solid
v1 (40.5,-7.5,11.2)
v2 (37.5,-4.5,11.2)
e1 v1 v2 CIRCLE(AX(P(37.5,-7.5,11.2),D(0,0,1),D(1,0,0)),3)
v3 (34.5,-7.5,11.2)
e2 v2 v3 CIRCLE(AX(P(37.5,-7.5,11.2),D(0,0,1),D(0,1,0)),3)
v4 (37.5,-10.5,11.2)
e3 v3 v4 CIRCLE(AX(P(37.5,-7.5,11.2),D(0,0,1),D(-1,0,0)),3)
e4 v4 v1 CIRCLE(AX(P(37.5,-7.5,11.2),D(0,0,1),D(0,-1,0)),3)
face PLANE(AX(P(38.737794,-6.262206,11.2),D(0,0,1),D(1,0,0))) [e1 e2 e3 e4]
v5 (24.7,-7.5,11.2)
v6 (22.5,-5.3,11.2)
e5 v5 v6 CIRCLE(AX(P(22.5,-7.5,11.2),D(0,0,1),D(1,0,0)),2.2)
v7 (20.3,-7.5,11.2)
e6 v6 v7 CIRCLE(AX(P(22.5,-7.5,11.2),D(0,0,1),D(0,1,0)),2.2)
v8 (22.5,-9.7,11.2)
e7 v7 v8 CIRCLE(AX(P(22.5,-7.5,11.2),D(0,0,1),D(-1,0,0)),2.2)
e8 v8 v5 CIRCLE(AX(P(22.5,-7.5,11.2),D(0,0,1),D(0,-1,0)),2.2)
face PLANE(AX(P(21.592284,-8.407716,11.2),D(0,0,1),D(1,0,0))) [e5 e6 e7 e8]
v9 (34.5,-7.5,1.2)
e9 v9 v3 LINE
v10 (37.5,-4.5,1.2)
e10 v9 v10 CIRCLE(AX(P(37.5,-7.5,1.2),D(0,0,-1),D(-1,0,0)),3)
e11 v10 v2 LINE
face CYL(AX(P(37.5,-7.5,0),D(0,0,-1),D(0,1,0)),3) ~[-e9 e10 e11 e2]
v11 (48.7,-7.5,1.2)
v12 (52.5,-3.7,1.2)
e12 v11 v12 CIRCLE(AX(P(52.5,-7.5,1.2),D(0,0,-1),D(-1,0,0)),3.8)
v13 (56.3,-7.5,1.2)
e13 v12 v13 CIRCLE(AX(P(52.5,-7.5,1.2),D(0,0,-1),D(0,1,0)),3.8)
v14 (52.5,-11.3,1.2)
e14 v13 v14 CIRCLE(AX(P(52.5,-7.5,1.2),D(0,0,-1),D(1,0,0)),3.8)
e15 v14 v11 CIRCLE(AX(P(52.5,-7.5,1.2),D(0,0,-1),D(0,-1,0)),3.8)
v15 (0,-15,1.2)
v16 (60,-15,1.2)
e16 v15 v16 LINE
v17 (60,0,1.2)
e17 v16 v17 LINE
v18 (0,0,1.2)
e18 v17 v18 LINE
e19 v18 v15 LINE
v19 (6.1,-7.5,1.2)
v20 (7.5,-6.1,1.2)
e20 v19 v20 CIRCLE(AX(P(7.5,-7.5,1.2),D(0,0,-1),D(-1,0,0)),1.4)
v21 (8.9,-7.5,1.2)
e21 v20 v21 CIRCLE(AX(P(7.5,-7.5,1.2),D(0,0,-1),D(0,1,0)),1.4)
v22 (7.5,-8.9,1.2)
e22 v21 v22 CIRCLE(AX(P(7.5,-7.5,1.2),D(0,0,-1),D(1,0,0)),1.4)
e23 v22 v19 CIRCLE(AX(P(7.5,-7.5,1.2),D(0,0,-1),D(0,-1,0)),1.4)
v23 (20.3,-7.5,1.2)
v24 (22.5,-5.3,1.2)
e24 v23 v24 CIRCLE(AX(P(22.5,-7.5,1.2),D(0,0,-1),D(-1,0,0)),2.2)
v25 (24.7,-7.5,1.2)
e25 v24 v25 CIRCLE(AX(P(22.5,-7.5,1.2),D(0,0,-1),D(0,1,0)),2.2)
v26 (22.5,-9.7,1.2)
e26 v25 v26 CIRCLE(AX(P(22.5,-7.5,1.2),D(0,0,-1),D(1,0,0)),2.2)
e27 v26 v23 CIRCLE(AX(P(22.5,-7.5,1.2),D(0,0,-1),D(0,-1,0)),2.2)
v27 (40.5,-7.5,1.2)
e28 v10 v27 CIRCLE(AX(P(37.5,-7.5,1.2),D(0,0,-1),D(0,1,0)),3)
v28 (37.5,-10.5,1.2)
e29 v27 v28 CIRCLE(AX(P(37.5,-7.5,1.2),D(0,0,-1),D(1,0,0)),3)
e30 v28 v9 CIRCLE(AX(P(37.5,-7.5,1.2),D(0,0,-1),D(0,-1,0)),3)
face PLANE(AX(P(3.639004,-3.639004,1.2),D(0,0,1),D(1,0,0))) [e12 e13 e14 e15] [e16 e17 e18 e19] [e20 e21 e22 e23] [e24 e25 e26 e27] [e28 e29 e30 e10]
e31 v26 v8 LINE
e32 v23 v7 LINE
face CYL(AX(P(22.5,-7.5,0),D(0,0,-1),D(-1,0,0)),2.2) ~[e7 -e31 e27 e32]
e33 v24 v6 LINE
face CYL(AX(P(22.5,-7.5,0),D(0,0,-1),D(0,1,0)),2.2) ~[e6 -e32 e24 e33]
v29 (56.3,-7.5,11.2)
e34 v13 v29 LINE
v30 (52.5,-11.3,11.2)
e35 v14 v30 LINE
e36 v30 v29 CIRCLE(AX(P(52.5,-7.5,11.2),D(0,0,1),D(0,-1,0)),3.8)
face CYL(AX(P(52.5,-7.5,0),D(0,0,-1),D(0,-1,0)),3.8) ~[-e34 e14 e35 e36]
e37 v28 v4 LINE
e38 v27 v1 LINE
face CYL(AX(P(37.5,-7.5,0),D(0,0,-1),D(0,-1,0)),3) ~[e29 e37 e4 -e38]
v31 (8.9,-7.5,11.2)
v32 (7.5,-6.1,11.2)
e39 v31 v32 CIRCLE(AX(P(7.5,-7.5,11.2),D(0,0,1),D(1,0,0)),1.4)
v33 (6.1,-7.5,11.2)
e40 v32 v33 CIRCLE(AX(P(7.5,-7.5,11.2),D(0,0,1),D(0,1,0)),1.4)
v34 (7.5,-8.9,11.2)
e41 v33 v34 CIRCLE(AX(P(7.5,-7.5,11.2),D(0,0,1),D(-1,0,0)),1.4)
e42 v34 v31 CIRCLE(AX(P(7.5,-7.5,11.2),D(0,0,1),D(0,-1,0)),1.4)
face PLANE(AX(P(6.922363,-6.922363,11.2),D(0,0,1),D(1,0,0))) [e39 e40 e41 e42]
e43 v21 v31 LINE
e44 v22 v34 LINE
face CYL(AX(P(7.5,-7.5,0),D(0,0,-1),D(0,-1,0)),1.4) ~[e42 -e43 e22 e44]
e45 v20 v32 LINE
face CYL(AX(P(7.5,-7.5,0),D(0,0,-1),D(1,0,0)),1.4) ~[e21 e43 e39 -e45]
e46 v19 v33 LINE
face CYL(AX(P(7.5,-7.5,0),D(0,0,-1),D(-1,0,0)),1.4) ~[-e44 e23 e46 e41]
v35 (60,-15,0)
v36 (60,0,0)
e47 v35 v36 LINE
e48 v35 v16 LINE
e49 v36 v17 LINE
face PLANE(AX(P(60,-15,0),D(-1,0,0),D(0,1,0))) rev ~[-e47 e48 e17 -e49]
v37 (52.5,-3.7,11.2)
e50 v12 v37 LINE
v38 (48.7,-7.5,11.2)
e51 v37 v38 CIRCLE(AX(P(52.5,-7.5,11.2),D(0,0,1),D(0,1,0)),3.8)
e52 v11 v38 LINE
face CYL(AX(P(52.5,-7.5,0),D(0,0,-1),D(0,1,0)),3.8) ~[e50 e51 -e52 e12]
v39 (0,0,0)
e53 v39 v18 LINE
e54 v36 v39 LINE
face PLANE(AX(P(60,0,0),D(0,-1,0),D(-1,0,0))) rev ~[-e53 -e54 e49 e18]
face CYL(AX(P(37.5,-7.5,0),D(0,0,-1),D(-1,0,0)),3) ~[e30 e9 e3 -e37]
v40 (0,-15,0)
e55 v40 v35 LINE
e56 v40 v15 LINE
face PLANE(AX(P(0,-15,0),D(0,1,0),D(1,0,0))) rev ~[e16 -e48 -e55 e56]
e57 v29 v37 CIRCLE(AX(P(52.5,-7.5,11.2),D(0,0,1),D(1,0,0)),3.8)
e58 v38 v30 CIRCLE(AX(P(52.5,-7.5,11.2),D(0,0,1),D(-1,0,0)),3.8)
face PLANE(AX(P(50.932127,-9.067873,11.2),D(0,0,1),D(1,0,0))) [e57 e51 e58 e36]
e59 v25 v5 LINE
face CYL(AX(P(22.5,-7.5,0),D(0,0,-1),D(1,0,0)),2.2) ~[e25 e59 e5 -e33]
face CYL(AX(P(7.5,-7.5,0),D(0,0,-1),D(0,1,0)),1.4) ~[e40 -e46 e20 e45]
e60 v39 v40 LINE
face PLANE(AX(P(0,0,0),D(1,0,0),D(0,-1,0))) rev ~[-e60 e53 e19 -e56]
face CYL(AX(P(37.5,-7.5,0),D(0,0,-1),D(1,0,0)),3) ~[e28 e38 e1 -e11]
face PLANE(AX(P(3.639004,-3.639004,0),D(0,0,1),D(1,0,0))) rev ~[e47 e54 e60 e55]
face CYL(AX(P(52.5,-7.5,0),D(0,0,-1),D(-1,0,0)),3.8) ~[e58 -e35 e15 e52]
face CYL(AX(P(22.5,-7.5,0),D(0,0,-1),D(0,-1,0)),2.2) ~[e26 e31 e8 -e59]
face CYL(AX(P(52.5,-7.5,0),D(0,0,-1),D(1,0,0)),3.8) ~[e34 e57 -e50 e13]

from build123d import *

# Parameters (mm, degrees)
F1_DEPTH = 1.2
F2_DEPTH = 11.2


with BuildPart() as f1:
    # F0 (on Top) → F1 (new body)
    with BuildSketch(Plane.XY):
        with BuildLine():
            Line((7.5, 0), (0, 0))
            Line((0, 0), (0, -7.5))
            Line((0, -7.5), (6.1, -7.5))
            ThreePointArc((6.1, -7.5), (6.5100505063, -6.5100505063), (7.5, -6.1))
            Line((7.5, -6.1), (7.5, 0))
        make_face()
        with BuildLine():
            Line((6.1, -7.5), (0, -7.5))
            Line((0, -7.5), (0, -15))
            Line((0, -15), (7.5, -15))
            Line((7.5, -15), (7.5, -8.9))
            ThreePointArc((7.5, -8.9), (6.5100505063, -8.4899494937), (6.1, -7.5))
        make_face()
        with BuildLine():
            Line((20.3, -7.5), (8.9, -7.5))
            ThreePointArc((8.9, -7.5), (8.4899494937, -8.4899494937), (7.5, -8.9))
            Line((7.5, -8.9), (7.5, -15))
            Line((7.5, -15), (22.5, -15))
            Line((22.5, -15), (22.5, -9.7))
            ThreePointArc((22.5, -9.7), (20.9443650814, -9.0556349186), (20.3, -7.5))
        make_face()
        with BuildLine():
            Line((22.5, 0), (7.5, 0))
            Line((7.5, 0), (7.5, -6.1))
            ThreePointArc((7.5, -6.1), (8.4899494937, -6.5100505063), (8.9, -7.5))
            Line((8.9, -7.5), (20.3, -7.5))
            ThreePointArc((20.3, -7.5), (20.9443650814, -5.9443650814), (22.5, -5.3))
            Line((22.5, -5.3), (22.5, 0))
        make_face()
        with BuildLine():
            Line((37.5, 0), (22.5, 0))
            Line((22.5, 0), (22.5, -5.3))
            ThreePointArc((22.5, -5.3), (24.0556349186, -5.9443650814), (24.7, -7.5))
            Line((24.7, -7.5), (34.5, -7.5))
            ThreePointArc((34.5, -7.5), (35.3786796564, -5.3786796564), (37.5, -4.5))
            Line((37.5, -4.5), (37.5, 0))
        make_face()
        with BuildLine():
            Line((34.5, -7.5), (24.7, -7.5))
            ThreePointArc((24.7, -7.5), (24.0556349186, -9.0556349186), (22.5, -9.7))
            Line((22.5, -9.7), (22.5, -15))
            Line((22.5, -15), (37.5, -15))
            Line((37.5, -15), (37.5, -10.5))
            ThreePointArc((37.5, -10.5), (35.3786796564, -9.6213203436), (34.5, -7.5))
        make_face()
        with BuildLine():
            Line((48.7, -7.5), (40.5, -7.5))
            ThreePointArc((40.5, -7.5), (39.6213203436, -9.6213203436), (37.5, -10.5))
            Line((37.5, -10.5), (37.5, -15))
            Line((37.5, -15), (52.5, -15))
            Line((52.5, -15), (52.5, -11.3))
            ThreePointArc((52.5, -11.3), (49.8129942315, -10.1870057685), (48.7, -7.5))
        make_face()
        with BuildLine():
            Line((52.5, 0), (37.5, 0))
            Line((37.5, 0), (37.5, -4.5))
            ThreePointArc((37.5, -4.5), (39.6213203436, -5.3786796564), (40.5, -7.5))
            Line((40.5, -7.5), (48.7, -7.5))
            ThreePointArc((48.7, -7.5), (49.8129942315, -4.8129942315), (52.5, -3.7))
            Line((52.5, -3.7), (52.5, 0))
        make_face()
        with BuildLine():
            Line((60, 0), (52.5, 0))
            Line((52.5, 0), (52.5, -3.7))
            ThreePointArc((52.5, -3.7), (55.1870057685, -4.8129942315), (56.3, -7.5))
            Line((56.3, -7.5), (60, -7.5))
            Line((60, -7.5), (60, 0))
        make_face()
        with BuildLine():
            Line((60, -15), (60, -7.5))
            Line((60, -7.5), (56.3, -7.5))
            ThreePointArc((56.3, -7.5), (55.1870057685, -10.1870057685), (52.5, -11.3))
            Line((52.5, -11.3), (52.5, -15))
            Line((52.5, -15), (60, -15))
        make_face()
    extrude(amount=F1_DEPTH)

    # F0 (on Top) → F2 (join)
    with BuildSketch(Plane.XY):
        with BuildLine():
            Line((7.5, -7.5), (7.5, -6.1))
            ThreePointArc((7.5, -6.1), (6.5100505063, -6.5100505063), (6.1, -7.5))
            Line((6.1, -7.5), (7.5, -7.5))
        make_face()
        with BuildLine():
            ThreePointArc((8.9, -7.5), (8.4899494937, -6.5100505063), (7.5, -6.1))
            Line((7.5, -6.1), (7.5, -7.5))
            Line((7.5, -7.5), (8.9, -7.5))
        make_face()
        with BuildLine():
            Line((8.9, -7.5), (7.5, -7.5))
            Line((7.5, -7.5), (7.5, -8.9))
            ThreePointArc((7.5, -8.9), (8.4899494937, -8.4899494937), (8.9, -7.5))
        make_face()
        with BuildLine():
            Line((7.5, -7.5), (6.1, -7.5))
            ThreePointArc((6.1, -7.5), (6.5100505063, -8.4899494937), (7.5, -8.9))
            Line((7.5, -8.9), (7.5, -7.5))
        make_face()
        with BuildLine():
            Line((22.5, -9.7), (22.5, -7.5))
            Line((22.5, -7.5), (20.3, -7.5))
            ThreePointArc((20.3, -7.5), (20.9443650814, -9.0556349186), (22.5, -9.7))
        make_face()
        with BuildLine():
            Line((22.5, -7.5), (22.5, -5.3))
            ThreePointArc((22.5, -5.3), (20.9443650814, -5.9443650814), (20.3, -7.5))
            Line((20.3, -7.5), (22.5, -7.5))
        make_face()
        with BuildLine():
            ThreePointArc((24.7, -7.5), (24.0556349186, -5.9443650814), (22.5, -5.3))
            Line((22.5, -5.3), (22.5, -7.5))
            Line((22.5, -7.5), (24.7, -7.5))
        make_face()
        with BuildLine():
            Line((24.7, -7.5), (22.5, -7.5))
            Line((22.5, -7.5), (22.5, -9.7))
            ThreePointArc((22.5, -9.7), (24.0556349186, -9.0556349186), (24.7, -7.5))
        make_face()
        with BuildLine():
            ThreePointArc((40.5, -7.5), (39.6213203436, -5.3786796564), (37.5, -4.5))
            Line((37.5, -4.5), (37.5, -7.5))
            Line((37.5, -7.5), (40.5, -7.5))
        make_face()
        with BuildLine():
            Line((37.5, -7.5), (37.5, -4.5))
            ThreePointArc((37.5, -4.5), (35.3786796564, -5.3786796564), (34.5, -7.5))
            Line((34.5, -7.5), (37.5, -7.5))
        make_face()
        with BuildLine():
            Line((37.5, -10.5), (37.5, -7.5))
            Line((37.5, -7.5), (34.5, -7.5))
            ThreePointArc((34.5, -7.5), (35.3786796564, -9.6213203436), (37.5, -10.5))
        make_face()
        with BuildLine():
            Line((40.5, -7.5), (37.5, -7.5))
            Line((37.5, -7.5), (37.5, -10.5))
            ThreePointArc((37.5, -10.5), (39.6213203436, -9.6213203436), (40.5, -7.5))
        make_face()
        with BuildLine():
            Line((52.5, -11.3), (52.5, -7.5))
            Line((52.5, -7.5), (48.7, -7.5))
            ThreePointArc((48.7, -7.5), (49.8129942315, -10.1870057685), (52.5, -11.3))
        make_face()
        with BuildLine():
            Line((52.5, -7.5), (52.5, -3.7))
            ThreePointArc((52.5, -3.7), (49.8129942315, -4.8129942315), (48.7, -7.5))
            Line((48.7, -7.5), (52.5, -7.5))
        make_face()
        with BuildLine():
            ThreePointArc((56.3, -7.5), (55.1870057685, -4.8129942315), (52.5, -3.7))
            Line((52.5, -3.7), (52.5, -7.5))
            Line((52.5, -7.5), (56.3, -7.5))
        make_face()
        with BuildLine():
            Line((56.3, -7.5), (52.5, -7.5))
            Line((52.5, -7.5), (52.5, -11.3))
            ThreePointArc((52.5, -11.3), (55.1870057685, -10.1870057685), (56.3, -7.5))
        make_face()
    extrude(amount=F2_DEPTH)


solid = f1.part
